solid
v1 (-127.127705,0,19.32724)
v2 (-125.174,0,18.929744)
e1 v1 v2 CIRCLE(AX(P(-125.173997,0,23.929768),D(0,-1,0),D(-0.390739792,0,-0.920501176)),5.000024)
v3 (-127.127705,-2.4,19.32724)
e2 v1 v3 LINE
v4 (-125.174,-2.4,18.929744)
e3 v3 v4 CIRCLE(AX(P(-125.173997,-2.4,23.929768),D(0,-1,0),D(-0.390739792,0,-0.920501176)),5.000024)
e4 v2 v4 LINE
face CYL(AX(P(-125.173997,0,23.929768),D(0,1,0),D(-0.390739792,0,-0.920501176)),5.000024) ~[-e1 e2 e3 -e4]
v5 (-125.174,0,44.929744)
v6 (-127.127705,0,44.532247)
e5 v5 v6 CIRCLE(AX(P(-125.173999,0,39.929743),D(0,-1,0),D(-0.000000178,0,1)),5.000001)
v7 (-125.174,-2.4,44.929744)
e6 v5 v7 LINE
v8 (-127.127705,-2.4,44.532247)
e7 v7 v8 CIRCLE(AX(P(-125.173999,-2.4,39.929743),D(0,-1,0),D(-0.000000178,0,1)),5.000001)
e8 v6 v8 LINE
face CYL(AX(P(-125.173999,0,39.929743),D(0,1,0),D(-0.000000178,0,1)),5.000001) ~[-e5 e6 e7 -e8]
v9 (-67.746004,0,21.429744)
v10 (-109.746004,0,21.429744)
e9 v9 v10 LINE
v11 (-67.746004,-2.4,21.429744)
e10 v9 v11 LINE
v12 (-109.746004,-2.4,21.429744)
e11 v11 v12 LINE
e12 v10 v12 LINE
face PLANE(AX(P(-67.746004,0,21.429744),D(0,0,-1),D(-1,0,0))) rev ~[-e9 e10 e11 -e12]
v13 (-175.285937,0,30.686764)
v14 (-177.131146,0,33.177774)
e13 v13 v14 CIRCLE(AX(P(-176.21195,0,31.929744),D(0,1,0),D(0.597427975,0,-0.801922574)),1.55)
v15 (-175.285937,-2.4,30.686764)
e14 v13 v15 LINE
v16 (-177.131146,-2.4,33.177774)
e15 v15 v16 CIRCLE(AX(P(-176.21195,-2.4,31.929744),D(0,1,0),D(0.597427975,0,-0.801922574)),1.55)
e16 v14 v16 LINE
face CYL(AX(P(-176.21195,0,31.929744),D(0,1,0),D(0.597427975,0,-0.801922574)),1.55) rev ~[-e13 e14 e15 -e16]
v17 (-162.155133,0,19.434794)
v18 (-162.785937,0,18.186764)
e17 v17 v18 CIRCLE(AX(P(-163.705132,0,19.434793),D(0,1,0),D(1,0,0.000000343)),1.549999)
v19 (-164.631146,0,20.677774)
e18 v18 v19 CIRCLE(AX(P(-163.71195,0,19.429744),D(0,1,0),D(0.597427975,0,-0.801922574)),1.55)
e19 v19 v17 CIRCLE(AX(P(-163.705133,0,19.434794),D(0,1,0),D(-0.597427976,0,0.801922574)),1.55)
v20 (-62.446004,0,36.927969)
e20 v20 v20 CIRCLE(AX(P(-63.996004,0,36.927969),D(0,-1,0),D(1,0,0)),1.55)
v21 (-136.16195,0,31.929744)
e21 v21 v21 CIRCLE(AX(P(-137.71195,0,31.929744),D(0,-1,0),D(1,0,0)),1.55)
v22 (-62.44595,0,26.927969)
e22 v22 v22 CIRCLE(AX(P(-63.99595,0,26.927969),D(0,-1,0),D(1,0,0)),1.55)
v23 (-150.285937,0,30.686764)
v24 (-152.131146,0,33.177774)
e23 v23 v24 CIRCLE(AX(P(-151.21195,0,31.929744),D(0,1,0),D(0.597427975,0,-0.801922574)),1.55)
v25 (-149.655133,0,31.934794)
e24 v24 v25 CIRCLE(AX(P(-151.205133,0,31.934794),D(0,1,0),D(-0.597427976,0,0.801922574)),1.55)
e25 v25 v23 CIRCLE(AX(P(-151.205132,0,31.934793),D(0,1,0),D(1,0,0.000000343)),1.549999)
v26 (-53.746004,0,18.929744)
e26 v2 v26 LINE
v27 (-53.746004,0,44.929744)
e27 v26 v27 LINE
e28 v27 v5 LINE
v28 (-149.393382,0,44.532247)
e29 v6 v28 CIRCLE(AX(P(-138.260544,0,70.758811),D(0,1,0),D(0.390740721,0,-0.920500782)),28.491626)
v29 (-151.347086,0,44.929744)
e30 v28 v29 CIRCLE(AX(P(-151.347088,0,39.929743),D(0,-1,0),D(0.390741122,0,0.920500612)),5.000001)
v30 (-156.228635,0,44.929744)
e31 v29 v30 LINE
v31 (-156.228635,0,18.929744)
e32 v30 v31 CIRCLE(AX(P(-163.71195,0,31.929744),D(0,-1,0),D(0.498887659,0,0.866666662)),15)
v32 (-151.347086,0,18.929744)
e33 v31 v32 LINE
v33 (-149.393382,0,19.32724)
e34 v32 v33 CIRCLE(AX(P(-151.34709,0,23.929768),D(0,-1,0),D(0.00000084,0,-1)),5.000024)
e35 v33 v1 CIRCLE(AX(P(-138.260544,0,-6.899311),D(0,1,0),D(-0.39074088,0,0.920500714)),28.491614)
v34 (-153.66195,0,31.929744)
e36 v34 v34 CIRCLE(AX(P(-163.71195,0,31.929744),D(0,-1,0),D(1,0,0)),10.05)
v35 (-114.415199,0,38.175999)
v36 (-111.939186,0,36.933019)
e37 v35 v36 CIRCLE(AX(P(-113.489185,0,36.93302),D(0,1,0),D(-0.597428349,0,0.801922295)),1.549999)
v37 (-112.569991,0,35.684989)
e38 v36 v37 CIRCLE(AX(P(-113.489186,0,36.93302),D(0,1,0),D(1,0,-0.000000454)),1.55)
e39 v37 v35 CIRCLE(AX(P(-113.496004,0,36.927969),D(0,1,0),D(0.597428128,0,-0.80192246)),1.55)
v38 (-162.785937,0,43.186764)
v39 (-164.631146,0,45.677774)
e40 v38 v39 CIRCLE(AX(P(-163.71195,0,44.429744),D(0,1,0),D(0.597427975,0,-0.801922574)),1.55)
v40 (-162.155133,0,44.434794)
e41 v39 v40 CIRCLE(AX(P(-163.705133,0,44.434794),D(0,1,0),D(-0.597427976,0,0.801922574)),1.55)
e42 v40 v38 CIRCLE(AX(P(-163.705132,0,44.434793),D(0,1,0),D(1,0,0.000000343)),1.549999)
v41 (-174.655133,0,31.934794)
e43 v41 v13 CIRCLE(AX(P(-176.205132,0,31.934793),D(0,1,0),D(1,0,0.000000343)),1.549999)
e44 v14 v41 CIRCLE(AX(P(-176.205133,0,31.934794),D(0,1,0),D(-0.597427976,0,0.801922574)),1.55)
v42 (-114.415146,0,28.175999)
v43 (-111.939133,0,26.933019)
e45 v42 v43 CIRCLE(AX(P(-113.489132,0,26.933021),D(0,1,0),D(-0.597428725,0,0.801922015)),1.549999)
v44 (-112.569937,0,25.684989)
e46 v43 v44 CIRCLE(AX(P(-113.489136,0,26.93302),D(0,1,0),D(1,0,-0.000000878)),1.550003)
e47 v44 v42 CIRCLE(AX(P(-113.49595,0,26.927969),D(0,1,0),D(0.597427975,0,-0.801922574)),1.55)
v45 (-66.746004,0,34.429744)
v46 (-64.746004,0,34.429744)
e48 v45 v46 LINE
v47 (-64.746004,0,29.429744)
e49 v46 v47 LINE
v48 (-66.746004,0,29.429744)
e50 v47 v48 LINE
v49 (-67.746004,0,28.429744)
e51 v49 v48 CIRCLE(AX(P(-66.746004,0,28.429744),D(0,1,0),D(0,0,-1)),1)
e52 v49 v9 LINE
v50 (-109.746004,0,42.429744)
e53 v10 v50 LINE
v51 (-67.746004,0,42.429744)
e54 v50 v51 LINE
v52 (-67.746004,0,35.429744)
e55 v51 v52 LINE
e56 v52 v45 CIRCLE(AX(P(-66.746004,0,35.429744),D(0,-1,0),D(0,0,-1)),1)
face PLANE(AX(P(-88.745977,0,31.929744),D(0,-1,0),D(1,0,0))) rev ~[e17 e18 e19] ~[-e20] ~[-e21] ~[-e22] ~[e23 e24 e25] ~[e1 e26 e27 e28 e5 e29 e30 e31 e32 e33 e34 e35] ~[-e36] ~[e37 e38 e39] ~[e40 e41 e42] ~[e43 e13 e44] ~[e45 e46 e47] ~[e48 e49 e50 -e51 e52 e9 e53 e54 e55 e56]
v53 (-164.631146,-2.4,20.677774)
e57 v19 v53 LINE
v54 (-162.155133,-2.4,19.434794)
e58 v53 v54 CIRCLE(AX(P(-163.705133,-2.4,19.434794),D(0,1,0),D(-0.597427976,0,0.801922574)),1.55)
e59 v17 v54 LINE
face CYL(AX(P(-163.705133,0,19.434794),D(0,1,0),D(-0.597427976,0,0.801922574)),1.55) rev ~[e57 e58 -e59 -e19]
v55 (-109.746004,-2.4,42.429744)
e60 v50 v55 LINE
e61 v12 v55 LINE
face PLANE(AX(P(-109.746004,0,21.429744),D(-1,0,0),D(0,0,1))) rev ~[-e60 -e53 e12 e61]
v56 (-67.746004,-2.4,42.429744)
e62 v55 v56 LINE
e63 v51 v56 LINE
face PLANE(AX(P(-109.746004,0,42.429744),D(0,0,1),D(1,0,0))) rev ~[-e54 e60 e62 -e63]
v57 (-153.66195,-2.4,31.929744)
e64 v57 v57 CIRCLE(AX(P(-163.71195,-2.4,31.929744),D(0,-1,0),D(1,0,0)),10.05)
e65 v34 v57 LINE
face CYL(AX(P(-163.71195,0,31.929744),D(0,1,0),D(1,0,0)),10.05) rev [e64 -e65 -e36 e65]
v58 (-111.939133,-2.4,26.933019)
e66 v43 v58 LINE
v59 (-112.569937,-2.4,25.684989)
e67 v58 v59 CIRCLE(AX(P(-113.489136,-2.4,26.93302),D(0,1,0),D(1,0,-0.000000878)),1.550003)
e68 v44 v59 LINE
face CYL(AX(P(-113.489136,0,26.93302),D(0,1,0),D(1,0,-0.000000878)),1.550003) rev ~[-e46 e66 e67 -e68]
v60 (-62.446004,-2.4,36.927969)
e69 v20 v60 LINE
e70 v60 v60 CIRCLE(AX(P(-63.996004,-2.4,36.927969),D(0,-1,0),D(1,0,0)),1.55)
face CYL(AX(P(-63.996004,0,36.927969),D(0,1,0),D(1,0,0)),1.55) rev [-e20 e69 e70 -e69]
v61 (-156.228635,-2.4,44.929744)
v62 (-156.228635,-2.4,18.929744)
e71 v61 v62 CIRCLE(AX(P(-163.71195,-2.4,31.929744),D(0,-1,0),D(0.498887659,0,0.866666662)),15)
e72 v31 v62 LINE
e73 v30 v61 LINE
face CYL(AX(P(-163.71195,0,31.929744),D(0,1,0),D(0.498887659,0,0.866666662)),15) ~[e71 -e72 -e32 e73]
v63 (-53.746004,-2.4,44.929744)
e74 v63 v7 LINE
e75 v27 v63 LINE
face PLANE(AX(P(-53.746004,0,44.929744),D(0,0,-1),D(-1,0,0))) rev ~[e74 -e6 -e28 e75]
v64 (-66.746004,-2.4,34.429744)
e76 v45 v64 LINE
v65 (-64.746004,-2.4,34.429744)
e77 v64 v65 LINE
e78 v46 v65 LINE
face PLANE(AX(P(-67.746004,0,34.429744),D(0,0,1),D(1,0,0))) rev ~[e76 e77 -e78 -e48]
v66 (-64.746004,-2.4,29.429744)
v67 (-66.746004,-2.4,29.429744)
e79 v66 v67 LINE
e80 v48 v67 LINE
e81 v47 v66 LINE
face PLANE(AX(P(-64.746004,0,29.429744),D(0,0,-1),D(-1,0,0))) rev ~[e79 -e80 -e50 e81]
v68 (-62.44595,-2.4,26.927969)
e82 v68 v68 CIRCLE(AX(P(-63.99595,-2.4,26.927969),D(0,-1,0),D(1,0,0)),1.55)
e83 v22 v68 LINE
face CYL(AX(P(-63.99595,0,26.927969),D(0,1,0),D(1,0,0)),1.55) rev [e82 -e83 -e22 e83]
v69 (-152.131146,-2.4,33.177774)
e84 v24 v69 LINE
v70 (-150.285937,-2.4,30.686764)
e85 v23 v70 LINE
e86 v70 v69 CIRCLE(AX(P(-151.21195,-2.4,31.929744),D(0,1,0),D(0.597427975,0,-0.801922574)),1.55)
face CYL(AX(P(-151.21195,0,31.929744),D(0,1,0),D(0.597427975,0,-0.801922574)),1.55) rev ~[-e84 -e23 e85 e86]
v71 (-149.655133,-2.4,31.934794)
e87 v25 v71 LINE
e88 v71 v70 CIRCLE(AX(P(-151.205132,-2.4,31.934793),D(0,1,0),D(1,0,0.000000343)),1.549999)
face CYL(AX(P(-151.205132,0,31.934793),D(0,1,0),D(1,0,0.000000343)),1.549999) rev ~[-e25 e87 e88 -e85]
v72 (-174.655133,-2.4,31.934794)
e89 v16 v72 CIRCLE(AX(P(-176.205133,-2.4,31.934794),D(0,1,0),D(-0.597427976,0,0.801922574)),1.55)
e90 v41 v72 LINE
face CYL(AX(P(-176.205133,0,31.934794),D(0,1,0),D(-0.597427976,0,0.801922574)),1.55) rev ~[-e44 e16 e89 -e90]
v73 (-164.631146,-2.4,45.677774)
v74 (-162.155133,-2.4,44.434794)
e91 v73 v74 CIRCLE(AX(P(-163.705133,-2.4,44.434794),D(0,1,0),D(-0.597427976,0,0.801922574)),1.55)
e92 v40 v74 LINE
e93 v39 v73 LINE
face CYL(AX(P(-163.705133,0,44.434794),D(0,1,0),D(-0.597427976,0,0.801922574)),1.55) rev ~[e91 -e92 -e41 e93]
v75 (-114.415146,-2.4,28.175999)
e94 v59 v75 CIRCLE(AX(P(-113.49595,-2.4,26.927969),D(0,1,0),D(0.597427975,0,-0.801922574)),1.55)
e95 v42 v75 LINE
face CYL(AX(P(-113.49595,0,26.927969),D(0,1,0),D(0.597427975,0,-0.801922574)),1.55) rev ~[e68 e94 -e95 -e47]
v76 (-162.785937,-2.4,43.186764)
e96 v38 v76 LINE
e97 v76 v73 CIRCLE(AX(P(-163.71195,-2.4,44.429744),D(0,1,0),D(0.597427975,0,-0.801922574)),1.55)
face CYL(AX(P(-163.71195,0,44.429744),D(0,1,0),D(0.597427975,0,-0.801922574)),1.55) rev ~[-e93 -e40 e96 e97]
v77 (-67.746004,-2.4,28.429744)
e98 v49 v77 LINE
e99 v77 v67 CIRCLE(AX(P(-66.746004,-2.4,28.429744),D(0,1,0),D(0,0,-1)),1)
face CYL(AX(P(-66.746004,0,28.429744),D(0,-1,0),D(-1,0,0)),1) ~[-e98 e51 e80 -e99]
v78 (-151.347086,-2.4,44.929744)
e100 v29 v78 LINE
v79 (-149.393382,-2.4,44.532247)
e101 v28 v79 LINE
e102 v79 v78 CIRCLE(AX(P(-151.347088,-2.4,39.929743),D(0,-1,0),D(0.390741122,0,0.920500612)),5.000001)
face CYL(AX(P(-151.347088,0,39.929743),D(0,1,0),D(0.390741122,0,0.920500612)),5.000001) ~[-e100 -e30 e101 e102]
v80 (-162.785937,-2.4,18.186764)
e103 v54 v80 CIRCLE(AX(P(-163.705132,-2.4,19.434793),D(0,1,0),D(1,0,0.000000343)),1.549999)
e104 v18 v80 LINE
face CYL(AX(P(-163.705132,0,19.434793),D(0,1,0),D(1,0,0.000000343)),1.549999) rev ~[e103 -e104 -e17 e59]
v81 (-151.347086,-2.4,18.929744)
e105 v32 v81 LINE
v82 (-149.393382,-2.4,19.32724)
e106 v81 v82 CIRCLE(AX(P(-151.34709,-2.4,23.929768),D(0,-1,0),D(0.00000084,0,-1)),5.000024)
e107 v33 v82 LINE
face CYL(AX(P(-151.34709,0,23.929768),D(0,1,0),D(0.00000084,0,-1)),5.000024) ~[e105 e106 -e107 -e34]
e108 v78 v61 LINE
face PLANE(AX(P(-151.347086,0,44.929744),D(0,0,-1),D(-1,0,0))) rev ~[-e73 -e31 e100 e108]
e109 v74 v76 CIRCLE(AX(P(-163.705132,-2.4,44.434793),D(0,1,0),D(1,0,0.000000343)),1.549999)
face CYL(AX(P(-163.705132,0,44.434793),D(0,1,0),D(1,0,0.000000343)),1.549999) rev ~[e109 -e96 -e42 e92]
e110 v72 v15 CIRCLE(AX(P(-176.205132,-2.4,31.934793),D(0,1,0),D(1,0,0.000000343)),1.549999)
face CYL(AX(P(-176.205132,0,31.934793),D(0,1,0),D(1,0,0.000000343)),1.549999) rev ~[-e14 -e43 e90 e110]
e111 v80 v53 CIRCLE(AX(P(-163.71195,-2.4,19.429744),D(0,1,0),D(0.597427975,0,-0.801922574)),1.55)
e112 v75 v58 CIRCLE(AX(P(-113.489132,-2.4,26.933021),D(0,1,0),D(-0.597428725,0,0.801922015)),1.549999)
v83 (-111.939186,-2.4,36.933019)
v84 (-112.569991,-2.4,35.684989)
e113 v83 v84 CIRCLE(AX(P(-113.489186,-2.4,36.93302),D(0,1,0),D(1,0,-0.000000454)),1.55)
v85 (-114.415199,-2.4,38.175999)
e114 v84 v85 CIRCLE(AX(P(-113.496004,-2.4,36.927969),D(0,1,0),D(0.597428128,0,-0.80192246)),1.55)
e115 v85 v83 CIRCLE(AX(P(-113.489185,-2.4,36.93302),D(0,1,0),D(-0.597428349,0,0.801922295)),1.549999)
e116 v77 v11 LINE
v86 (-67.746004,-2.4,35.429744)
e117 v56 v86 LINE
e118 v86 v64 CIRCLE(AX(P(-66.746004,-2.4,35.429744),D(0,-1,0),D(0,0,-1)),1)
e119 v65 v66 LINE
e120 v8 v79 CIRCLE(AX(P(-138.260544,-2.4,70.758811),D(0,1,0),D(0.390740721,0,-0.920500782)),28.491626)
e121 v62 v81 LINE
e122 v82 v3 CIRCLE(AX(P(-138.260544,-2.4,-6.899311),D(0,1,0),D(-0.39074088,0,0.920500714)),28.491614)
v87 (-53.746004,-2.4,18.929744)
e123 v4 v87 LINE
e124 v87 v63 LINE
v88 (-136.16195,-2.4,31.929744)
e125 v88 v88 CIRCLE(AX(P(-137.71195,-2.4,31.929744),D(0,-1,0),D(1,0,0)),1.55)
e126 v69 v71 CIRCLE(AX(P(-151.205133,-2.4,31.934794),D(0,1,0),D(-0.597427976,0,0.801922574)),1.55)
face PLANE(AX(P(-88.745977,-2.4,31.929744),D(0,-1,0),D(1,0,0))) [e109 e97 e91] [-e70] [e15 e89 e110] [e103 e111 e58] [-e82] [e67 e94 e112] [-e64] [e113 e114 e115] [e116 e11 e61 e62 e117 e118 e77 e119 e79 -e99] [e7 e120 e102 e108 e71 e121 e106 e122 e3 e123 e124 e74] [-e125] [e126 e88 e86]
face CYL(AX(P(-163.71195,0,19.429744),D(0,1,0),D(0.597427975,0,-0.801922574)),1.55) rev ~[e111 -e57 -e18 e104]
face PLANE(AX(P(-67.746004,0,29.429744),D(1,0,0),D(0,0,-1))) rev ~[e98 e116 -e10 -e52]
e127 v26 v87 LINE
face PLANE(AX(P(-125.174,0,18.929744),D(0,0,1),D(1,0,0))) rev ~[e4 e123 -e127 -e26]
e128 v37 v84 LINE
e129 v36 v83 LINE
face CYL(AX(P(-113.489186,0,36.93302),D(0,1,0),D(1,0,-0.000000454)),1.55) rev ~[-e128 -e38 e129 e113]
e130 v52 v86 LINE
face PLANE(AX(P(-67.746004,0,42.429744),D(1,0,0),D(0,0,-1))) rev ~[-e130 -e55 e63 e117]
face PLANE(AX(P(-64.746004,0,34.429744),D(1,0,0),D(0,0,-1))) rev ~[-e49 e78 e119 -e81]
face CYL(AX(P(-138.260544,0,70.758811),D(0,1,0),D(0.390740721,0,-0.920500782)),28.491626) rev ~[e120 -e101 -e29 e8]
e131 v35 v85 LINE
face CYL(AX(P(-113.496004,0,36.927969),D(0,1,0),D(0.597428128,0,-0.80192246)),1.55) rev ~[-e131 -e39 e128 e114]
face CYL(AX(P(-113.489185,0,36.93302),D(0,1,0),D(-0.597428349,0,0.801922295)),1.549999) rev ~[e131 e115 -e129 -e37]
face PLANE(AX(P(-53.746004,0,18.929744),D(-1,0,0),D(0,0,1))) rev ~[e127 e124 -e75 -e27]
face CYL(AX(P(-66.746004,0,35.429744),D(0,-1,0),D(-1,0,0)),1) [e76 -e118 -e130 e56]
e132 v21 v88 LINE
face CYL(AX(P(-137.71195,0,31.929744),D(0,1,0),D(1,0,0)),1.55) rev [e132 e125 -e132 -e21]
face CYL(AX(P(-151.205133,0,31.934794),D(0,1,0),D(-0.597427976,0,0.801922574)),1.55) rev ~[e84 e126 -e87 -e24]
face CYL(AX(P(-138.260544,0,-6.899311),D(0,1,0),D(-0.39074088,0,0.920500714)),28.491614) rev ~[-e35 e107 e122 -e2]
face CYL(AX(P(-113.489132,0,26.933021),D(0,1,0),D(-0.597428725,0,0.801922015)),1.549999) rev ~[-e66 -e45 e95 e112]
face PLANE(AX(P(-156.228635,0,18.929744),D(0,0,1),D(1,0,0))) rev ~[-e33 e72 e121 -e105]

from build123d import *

# Parameters (mm, degrees)
F0_W     = 69.999946
F0_H     = 26
F0_R     = 1.55
F0_R_2   = 10.05
F1_DEPTH = 2.4
F2_R     = 1


with BuildPart() as f1:
    # F0 (on Front) → F1 (new body)
    with BuildSketch(Plane.XZ):
        with Locations((-88.745977, 31.929744)):
            Rectangle(F0_W, F0_H)
        with BuildLine():
            ThreePointArc((-112.569937, 25.684989), (-114.74146, 26.005361), (-114.415146, 28.175999))
            ThreePointArc((-114.415146, 28.175999), (-112.793726, 28.318267), (-111.939133, 26.933019))
            ThreePointArc((-111.939133, 26.933019), (-112.105794, 26.233825), (-112.569937, 25.684989))
        make_face(mode=Mode.SUBTRACT)
        with Locations((-63.99595, 26.927969)):
            Circle(F0_R, mode=Mode.SUBTRACT)
        Polygon((-109.746004, 21.429744), (-109.746004, 42.429744), (-67.746004, 42.429744), (-67.746004, 34.429744), (-64.746004, 34.429744), (-64.746004, 29.429744), (-67.746004, 29.429744), (-67.746004, 21.429744), align=None, mode=Mode.SUBTRACT)
        with BuildLine():
            ThreePointArc((-112.569991, 35.684989), (-114.741514, 36.005361), (-114.415199, 38.175999))
            ThreePointArc((-114.415199, 38.175999), (-112.79378, 38.318267), (-111.939186, 36.933019))
            ThreePointArc((-111.939186, 36.933019), (-112.105847, 36.233825), (-112.569991, 35.684989))
        make_face(mode=Mode.SUBTRACT)
        with Locations((-63.996004, 36.927969)):
            Circle(F0_R, mode=Mode.SUBTRACT)
        with BuildLine():
            Line((-123.74595, 18.929744), (-123.74595, 44.929744))
            Line((-123.74595, 44.929744), (-125.174, 44.929744))
            ThreePointArc((-125.174, 44.929744), (-126.170866, 44.829362), (-127.127705, 44.532247))
            ThreePointArc((-127.127705, 44.532247), (-138.260543, 42.267185), (-149.393382, 44.532247))
            ThreePointArc((-149.393382, 44.532247), (-150.350221, 44.829362), (-151.347086, 44.929744))
            Line((-151.347086, 44.929744), (-156.228635, 44.929744))
            ThreePointArc((-156.228635, 44.929744), (-178.71195, 31.929744), (-156.228635, 18.929744))
            Line((-156.228635, 18.929744), (-151.347086, 18.929744))
            ThreePointArc((-151.347086, 18.929744), (-150.350221, 19.030126), (-149.393382, 19.32724))
            ThreePointArc((-149.393382, 19.32724), (-138.260543, 21.592303), (-127.127705, 19.32724))
            ThreePointArc((-127.127705, 19.32724), (-126.170866, 19.030126), (-125.174, 18.929744))
            Line((-125.174, 18.929744), (-123.74595, 18.929744))
        make_face()
        with BuildLine():
            ThreePointArc((-162.785937, 18.186764), (-164.95746, 18.507136), (-164.631146, 20.677774))
            ThreePointArc((-164.631146, 20.677774), (-163.009726, 20.820041), (-162.155133, 19.434794))
            ThreePointArc((-162.155133, 19.434794), (-162.321794, 18.735599), (-162.785937, 18.186764))
        make_face(mode=Mode.SUBTRACT)
        with BuildLine():
            ThreePointArc((-175.285937, 30.686764), (-177.45746, 31.007136), (-177.131146, 33.177774))
            ThreePointArc((-177.131146, 33.177774), (-175.509726, 33.320041), (-174.655133, 31.934794))
            ThreePointArc((-174.655133, 31.934794), (-174.821794, 31.235599), (-175.285937, 30.686764))
        make_face(mode=Mode.SUBTRACT)
        with Locations((-163.71195, 31.929744)):
            Circle(F0_R_2, mode=Mode.SUBTRACT)
        with BuildLine():
            ThreePointArc((-150.285937, 30.686764), (-152.45746, 31.007136), (-152.131146, 33.177774))
            ThreePointArc((-152.131146, 33.177774), (-150.509726, 33.320041), (-149.655133, 31.934794))
            ThreePointArc((-149.655133, 31.934794), (-149.821794, 31.235599), (-150.285937, 30.686764))
        make_face(mode=Mode.SUBTRACT)
        with Locations((-137.71195, 31.929744)):
            Circle(F0_R, mode=Mode.SUBTRACT)
        with BuildLine():
            ThreePointArc((-162.785937, 43.186764), (-164.95746, 43.507136), (-164.631146, 45.677774))
            ThreePointArc((-164.631146, 45.677774), (-163.009726, 45.820041), (-162.155133, 44.434794))
            ThreePointArc((-162.155133, 44.434794), (-162.321794, 43.735599), (-162.785937, 43.186764))
        make_face(mode=Mode.SUBTRACT)
    extrude(amount=F1_DEPTH)

    # F2
    f2_edges = [f1.edges().sort_by_distance(p)[0] for p in [
        (-67.746004, -1.2, 34.429744),
        (-67.746004, -1.2, 29.429744),
    ]]
    fillet(f2_edges, radius=F2_R)


solid = f1.part
